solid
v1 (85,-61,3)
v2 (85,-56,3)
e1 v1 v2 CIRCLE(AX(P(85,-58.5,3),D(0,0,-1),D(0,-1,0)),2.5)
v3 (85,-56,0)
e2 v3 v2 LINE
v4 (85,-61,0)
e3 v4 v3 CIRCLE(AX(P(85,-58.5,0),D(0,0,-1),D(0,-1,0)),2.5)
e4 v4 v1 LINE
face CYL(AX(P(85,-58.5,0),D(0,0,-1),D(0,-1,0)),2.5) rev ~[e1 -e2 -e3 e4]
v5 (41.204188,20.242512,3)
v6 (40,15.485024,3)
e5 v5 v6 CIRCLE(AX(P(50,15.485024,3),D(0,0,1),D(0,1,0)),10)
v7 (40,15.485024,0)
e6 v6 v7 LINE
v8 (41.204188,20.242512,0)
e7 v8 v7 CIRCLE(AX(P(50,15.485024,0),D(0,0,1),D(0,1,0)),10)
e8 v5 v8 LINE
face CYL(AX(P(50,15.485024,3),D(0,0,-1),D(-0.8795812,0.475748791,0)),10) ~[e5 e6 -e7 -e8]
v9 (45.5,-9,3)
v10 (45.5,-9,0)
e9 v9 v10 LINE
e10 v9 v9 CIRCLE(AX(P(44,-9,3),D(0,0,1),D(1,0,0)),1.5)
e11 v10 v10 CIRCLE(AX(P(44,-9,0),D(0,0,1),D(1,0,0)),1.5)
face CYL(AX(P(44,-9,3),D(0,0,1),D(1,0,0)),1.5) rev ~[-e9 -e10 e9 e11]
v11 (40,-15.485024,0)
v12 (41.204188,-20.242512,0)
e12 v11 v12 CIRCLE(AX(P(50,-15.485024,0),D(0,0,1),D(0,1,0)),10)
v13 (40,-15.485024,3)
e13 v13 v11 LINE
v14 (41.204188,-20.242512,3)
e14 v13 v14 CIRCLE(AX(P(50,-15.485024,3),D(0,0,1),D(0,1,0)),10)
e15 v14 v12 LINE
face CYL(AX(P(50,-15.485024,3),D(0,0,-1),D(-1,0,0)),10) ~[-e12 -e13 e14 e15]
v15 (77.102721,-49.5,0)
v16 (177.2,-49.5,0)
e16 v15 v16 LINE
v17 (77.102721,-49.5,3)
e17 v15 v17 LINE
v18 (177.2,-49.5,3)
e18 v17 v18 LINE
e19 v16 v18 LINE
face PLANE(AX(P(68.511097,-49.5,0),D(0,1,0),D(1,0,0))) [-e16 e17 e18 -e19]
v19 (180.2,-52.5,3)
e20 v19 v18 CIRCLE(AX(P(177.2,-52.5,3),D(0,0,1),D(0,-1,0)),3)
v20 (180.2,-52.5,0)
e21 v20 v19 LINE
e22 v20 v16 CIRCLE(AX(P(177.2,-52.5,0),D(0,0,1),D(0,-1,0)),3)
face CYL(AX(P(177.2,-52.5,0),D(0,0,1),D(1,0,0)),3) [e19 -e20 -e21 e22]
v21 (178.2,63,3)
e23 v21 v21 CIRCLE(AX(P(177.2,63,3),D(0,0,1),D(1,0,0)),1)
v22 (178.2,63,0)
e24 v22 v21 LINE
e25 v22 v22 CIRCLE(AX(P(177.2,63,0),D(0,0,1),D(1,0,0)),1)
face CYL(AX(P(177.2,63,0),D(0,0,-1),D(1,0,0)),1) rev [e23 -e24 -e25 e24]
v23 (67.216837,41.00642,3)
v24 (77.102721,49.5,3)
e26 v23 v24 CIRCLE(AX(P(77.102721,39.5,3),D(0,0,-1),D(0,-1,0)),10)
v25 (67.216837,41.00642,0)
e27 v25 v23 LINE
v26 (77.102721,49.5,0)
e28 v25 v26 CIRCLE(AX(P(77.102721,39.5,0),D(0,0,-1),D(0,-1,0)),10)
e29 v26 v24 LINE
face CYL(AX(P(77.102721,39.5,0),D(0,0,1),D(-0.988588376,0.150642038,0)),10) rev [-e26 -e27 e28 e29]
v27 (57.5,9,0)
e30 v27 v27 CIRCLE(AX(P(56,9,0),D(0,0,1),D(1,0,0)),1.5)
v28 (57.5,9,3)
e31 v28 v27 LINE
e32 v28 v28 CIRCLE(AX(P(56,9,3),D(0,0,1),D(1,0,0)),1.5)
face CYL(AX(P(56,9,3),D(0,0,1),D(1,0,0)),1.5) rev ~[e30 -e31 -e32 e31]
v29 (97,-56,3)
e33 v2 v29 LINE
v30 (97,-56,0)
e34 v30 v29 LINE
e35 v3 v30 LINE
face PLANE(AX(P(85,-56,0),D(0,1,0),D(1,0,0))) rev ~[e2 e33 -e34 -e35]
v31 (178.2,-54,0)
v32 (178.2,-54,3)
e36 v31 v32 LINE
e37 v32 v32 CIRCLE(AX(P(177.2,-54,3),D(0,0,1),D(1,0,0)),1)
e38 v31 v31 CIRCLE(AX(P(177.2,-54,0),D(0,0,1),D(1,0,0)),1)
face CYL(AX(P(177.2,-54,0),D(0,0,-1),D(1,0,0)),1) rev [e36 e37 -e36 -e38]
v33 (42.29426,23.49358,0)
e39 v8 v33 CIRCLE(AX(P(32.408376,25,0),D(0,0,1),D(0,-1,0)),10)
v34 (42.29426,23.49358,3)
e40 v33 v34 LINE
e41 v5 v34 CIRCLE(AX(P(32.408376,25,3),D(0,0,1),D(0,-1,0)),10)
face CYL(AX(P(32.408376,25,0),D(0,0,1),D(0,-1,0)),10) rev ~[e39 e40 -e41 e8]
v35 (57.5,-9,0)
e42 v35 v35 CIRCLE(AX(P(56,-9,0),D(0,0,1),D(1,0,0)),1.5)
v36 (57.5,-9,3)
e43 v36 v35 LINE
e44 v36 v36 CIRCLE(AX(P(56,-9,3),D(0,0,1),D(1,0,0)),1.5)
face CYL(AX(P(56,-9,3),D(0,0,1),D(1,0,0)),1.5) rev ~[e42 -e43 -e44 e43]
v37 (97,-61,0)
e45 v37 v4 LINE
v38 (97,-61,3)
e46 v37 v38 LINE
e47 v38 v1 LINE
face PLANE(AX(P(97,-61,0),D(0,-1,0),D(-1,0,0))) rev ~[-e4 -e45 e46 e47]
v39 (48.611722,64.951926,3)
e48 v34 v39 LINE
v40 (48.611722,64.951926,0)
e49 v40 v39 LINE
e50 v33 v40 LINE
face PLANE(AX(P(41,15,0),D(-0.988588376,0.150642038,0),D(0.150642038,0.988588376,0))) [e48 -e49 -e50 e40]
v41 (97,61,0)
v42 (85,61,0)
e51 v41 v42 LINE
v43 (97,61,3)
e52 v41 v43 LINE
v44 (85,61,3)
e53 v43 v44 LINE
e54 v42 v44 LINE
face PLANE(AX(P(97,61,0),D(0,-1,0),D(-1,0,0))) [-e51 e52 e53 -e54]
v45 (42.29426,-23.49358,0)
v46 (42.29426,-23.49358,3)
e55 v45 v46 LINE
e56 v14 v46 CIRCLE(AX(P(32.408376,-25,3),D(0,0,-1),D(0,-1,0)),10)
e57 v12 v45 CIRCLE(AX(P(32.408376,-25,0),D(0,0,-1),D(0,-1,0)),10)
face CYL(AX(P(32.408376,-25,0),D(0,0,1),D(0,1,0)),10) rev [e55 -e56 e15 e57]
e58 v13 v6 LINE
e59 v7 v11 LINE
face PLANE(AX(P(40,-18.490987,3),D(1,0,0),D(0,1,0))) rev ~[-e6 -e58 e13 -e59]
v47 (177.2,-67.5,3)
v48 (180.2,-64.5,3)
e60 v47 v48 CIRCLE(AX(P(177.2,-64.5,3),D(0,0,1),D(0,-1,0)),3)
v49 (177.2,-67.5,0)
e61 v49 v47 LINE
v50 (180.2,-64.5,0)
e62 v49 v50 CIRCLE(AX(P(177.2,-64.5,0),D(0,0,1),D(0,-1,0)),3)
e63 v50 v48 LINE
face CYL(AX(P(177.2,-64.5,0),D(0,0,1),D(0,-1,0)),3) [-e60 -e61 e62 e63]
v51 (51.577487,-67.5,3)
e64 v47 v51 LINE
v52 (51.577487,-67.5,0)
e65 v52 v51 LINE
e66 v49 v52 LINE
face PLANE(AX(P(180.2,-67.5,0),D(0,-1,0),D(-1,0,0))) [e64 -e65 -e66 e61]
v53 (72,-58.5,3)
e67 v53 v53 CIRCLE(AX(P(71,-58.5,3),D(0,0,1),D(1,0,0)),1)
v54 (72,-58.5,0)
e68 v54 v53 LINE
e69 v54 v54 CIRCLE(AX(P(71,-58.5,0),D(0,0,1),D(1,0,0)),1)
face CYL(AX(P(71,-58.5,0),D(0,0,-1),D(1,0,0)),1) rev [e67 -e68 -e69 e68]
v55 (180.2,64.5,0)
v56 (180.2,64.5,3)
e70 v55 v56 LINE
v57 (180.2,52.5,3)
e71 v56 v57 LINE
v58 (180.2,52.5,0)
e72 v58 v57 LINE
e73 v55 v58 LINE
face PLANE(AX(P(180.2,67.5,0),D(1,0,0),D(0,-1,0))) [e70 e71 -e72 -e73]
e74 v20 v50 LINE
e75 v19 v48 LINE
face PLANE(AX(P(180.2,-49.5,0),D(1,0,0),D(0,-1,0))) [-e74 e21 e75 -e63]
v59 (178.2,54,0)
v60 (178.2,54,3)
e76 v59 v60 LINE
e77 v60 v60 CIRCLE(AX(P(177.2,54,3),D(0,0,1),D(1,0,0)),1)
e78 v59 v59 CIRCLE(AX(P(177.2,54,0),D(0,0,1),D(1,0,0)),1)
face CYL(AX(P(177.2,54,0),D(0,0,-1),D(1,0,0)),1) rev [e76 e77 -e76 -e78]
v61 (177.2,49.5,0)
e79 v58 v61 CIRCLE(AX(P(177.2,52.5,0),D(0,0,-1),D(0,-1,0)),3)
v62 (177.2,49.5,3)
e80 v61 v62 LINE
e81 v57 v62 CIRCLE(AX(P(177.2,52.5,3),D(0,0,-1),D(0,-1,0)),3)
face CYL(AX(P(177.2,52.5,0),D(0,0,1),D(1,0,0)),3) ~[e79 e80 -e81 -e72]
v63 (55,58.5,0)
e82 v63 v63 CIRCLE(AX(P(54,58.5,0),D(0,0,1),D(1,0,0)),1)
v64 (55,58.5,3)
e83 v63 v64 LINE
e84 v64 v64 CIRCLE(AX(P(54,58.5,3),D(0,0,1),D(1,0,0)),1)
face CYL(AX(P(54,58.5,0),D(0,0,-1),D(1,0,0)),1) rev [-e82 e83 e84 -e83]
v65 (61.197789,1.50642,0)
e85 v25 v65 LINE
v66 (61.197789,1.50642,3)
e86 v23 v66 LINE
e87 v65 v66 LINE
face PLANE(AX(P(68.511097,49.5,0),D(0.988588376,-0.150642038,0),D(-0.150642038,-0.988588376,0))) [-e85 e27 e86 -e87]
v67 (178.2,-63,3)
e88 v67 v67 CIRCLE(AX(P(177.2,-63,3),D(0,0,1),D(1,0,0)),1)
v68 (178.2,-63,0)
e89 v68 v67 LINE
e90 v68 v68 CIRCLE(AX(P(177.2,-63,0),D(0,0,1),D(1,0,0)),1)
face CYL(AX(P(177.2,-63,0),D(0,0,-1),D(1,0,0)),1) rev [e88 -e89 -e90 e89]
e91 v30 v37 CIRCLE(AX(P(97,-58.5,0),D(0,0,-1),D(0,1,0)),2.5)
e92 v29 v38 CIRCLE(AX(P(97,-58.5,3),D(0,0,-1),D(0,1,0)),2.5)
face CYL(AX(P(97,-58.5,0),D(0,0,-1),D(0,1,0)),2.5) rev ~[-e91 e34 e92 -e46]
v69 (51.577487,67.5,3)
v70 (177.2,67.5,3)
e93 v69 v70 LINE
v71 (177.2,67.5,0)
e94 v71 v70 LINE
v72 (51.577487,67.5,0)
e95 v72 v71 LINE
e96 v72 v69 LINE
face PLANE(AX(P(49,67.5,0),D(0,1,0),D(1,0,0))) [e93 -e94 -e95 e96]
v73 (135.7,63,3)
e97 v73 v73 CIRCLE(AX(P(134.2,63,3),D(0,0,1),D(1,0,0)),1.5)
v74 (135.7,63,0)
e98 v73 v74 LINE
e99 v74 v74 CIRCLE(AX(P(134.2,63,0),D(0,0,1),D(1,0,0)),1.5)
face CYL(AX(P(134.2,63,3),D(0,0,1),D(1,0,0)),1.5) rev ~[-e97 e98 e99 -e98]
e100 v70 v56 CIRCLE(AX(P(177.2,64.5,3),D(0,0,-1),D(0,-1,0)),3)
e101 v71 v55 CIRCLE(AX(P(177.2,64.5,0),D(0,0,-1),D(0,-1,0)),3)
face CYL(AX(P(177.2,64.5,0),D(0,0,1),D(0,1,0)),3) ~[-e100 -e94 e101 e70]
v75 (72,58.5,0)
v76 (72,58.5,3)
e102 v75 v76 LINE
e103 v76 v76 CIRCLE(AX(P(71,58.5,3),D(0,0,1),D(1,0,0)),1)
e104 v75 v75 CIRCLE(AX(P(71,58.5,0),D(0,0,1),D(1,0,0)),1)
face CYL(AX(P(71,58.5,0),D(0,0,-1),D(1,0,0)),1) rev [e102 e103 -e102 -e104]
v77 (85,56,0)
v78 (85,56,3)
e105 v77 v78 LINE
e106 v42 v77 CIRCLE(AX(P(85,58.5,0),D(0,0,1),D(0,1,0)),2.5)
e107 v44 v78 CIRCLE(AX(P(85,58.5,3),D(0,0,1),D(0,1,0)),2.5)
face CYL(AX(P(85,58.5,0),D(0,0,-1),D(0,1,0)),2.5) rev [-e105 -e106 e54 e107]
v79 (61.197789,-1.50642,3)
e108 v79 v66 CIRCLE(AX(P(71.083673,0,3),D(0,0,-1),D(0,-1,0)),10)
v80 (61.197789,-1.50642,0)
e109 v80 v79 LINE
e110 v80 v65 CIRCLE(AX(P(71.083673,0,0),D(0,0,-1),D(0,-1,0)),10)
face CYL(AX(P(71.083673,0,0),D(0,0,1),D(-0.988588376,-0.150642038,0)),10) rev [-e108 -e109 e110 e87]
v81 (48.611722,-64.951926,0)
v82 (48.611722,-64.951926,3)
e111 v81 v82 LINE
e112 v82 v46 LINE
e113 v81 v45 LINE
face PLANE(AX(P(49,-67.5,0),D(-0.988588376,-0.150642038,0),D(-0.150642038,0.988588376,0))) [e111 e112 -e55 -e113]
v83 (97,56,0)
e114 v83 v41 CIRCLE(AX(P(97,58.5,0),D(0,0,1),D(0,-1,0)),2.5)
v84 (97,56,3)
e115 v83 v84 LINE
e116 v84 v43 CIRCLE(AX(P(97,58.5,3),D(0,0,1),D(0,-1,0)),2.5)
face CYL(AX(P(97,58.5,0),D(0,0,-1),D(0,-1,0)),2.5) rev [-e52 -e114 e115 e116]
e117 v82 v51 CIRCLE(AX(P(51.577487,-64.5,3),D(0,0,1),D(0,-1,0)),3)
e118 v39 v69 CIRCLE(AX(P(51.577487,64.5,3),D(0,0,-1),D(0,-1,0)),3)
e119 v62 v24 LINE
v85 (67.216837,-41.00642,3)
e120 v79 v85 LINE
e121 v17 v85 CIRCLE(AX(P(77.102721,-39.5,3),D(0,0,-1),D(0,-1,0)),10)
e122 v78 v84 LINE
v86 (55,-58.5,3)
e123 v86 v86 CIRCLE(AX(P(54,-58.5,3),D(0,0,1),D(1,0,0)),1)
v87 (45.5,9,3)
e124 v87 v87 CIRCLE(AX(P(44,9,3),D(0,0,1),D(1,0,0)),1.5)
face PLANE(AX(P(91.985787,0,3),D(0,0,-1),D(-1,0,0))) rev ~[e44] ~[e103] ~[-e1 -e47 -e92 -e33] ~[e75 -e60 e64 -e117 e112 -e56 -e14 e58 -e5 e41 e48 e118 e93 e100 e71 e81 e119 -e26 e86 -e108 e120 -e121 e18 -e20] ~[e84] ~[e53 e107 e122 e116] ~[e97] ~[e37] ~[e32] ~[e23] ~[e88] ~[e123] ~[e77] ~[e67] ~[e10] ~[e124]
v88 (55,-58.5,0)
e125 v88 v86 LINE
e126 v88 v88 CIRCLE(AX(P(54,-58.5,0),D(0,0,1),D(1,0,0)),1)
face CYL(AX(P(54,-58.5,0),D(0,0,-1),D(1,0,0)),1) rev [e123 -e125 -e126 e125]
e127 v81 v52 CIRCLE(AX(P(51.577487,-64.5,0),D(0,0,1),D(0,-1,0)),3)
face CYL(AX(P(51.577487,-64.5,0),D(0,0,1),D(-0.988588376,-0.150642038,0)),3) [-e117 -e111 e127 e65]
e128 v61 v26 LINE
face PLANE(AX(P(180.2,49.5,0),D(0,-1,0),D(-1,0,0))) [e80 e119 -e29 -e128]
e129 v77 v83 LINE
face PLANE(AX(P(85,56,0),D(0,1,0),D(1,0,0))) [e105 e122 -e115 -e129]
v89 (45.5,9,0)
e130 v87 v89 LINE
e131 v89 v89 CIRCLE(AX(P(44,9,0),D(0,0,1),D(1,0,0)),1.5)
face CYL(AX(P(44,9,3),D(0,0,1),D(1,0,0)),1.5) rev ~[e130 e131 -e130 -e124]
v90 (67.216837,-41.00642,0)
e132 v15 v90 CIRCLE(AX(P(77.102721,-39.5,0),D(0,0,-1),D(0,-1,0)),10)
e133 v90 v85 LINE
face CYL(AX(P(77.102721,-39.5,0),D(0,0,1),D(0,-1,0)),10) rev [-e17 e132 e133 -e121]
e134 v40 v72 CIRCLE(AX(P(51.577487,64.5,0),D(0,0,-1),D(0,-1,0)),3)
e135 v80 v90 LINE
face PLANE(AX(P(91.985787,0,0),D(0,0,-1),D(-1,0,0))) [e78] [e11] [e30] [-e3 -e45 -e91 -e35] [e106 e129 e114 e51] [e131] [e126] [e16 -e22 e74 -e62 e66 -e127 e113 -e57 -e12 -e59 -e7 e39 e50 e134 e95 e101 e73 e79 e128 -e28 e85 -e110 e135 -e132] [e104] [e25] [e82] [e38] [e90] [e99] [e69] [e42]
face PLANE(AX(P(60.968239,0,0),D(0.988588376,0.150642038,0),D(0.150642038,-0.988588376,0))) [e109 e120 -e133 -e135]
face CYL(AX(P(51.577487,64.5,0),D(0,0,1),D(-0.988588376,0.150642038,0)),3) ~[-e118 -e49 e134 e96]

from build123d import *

# Parameters (mm, degrees)
SKETCH_1_R          = 1
EXTRUDE_1_DEPTH     = 3
FILLET_1_R          = 10
FILLET_2_R          = 10
FILLET_3_R          = 5
FILLET_4_R          = 3
FILLET_5_R          = 10
SKETCH_5_R          = 1.5
CUT_EXTRUDE_2_DEPTH = 10
SKETCH_6_W          = 40
SKETCH_6_H          = 36.981974808
CUT_EXTRUDE_3_DEPTH = 10
FILLET_6_R          = 10
SKETCH_7_R          = 1.5
CUT_EXTRUDE_4_DEPTH = 31


with BuildPart() as part:
    # 草图1 → 凸台-拉伸1 (new body)
    with BuildSketch(Plane.XY):
        Polygon((0, 15), (0, -15), (41, -15), (49, -67.5), (180.2, -67.5), (180.2, -49.5), (68.511096619, -49.5), (60.968239476, 0), (68.511096619, 49.5), (180.2, 49.5), (180.2, 67.5), (49, 67.5), (41, 15), align=None)
        with Locations((54, -58.5)):
            Circle(SKETCH_1_R, mode=Mode.SUBTRACT)
        with Locations((71, -58.5)):
            Circle(SKETCH_1_R, mode=Mode.SUBTRACT)
        with BuildLine():
            ThreePointArc((85, -61), (82.5, -58.5), (85, -56))
            Line((85, -56), (97, -56))
            ThreePointArc((97, -56), (99.5, -58.5), (97, -61))
            Line((97, -61), (85, -61))
        make_face(mode=Mode.SUBTRACT)
        with Locations((177.2, -63)):
            Circle(SKETCH_1_R, mode=Mode.SUBTRACT)
        with Locations((177.2, -54)):
            Circle(SKETCH_1_R, mode=Mode.SUBTRACT)
        with Locations((54, 58.5)):
            Circle(SKETCH_1_R, mode=Mode.SUBTRACT)
        with Locations((71, 58.5)):
            Circle(SKETCH_1_R, mode=Mode.SUBTRACT)
        with BuildLine():
            Line((97, 56), (85, 56))
            ThreePointArc((85, 56), (82.5, 58.5), (85, 61))
            Line((85, 61), (97, 61))
            ThreePointArc((97, 61), (99.5, 58.5), (97, 56))
        make_face(mode=Mode.SUBTRACT)
        with Locations((177.2, 54)):
            Circle(SKETCH_1_R, mode=Mode.SUBTRACT)
        with Locations((177.2, 63)):
            Circle(SKETCH_1_R, mode=Mode.SUBTRACT)
    extrude(amount=EXTRUDE_1_DEPTH)

    # 圆角1
    fillet_1_edges = [part.edges().sort_by_distance(p)[0] for p in [
        (41, -15, 1.5),
        (41, 15, 1.5),
    ]]
    fillet(fillet_1_edges, radius=FILLET_1_R)

    # 圆角2
    fillet_2_edges = [part.edges().sort_by_distance(p)[0] for p in [
        (68.511096619, -49.5, 1.5),
        (68.511096619, 49.5, 1.5),
    ]]
    fillet(fillet_2_edges, radius=FILLET_2_R)

    # 圆角3
    fillet_3_edges = [part.edges().sort_by_distance(p)[0] for p in [
        (0, -15, 1.5),
        (0, 15, 1.5),
    ]]
    fillet(fillet_3_edges, radius=FILLET_3_R)

    # 圆角4
    fillet_4_edges = [part.edges().sort_by_distance(p)[0] for p in [
        (180.2, -67.5, 1.5),
        (180.2, -49.5, 1.5),
        (180.2, 49.5, 1.5),
        (180.2, 67.5, 1.5),
        (49, -67.5, 1.5),
        (49, 67.5, 1.5),
    ]]
    fillet(fillet_4_edges, radius=FILLET_4_R)

    # 圆角5
    fillet_5_edges = [part.edges().sort_by_distance(p)[0] for p in [
        (60.968239476, 0, 1.5),
    ]]
    fillet(fillet_5_edges, radius=FILLET_5_R)

    # 草图5 → 切除-拉伸2 (cut)
    with BuildSketch(Plane.XY.offset(3)):
        with Locations((134.2, 63)):
            Circle(SKETCH_5_R)
    extrude(amount=-CUT_EXTRUDE_2_DEPTH, mode=Mode.SUBTRACT)

    # 草图6 → 切除-拉伸3 (cut)
    with BuildSketch(Plane.XY.offset(3)):
        with Locations((20, 0)):
            Rectangle(SKETCH_6_W, SKETCH_6_H)
    extrude(amount=-CUT_EXTRUDE_3_DEPTH, mode=Mode.SUBTRACT)

    # 圆角6
    fillet_6_edges = [part.edges().sort_by_distance(p)[0] for p in [
        (40, -18.490987404, 1.5),
        (40, 18.490987404, 1.5),
    ]]
    fillet(fillet_6_edges, radius=FILLET_6_R)

    # 草图7 → 切除-拉伸4 (cut)
    with BuildSketch(Plane.XY.offset(3)):
        with Locations((44, 9)):
            Circle(SKETCH_7_R)
        with Locations((56, 9)):
            Circle(SKETCH_7_R)
        with Locations((44, -9)):
            Circle(SKETCH_7_R)
        with Locations((56, -9)):
            Circle(SKETCH_7_R)
    extrude(amount=-CUT_EXTRUDE_4_DEPTH, mode=Mode.SUBTRACT)


solid = part.part
